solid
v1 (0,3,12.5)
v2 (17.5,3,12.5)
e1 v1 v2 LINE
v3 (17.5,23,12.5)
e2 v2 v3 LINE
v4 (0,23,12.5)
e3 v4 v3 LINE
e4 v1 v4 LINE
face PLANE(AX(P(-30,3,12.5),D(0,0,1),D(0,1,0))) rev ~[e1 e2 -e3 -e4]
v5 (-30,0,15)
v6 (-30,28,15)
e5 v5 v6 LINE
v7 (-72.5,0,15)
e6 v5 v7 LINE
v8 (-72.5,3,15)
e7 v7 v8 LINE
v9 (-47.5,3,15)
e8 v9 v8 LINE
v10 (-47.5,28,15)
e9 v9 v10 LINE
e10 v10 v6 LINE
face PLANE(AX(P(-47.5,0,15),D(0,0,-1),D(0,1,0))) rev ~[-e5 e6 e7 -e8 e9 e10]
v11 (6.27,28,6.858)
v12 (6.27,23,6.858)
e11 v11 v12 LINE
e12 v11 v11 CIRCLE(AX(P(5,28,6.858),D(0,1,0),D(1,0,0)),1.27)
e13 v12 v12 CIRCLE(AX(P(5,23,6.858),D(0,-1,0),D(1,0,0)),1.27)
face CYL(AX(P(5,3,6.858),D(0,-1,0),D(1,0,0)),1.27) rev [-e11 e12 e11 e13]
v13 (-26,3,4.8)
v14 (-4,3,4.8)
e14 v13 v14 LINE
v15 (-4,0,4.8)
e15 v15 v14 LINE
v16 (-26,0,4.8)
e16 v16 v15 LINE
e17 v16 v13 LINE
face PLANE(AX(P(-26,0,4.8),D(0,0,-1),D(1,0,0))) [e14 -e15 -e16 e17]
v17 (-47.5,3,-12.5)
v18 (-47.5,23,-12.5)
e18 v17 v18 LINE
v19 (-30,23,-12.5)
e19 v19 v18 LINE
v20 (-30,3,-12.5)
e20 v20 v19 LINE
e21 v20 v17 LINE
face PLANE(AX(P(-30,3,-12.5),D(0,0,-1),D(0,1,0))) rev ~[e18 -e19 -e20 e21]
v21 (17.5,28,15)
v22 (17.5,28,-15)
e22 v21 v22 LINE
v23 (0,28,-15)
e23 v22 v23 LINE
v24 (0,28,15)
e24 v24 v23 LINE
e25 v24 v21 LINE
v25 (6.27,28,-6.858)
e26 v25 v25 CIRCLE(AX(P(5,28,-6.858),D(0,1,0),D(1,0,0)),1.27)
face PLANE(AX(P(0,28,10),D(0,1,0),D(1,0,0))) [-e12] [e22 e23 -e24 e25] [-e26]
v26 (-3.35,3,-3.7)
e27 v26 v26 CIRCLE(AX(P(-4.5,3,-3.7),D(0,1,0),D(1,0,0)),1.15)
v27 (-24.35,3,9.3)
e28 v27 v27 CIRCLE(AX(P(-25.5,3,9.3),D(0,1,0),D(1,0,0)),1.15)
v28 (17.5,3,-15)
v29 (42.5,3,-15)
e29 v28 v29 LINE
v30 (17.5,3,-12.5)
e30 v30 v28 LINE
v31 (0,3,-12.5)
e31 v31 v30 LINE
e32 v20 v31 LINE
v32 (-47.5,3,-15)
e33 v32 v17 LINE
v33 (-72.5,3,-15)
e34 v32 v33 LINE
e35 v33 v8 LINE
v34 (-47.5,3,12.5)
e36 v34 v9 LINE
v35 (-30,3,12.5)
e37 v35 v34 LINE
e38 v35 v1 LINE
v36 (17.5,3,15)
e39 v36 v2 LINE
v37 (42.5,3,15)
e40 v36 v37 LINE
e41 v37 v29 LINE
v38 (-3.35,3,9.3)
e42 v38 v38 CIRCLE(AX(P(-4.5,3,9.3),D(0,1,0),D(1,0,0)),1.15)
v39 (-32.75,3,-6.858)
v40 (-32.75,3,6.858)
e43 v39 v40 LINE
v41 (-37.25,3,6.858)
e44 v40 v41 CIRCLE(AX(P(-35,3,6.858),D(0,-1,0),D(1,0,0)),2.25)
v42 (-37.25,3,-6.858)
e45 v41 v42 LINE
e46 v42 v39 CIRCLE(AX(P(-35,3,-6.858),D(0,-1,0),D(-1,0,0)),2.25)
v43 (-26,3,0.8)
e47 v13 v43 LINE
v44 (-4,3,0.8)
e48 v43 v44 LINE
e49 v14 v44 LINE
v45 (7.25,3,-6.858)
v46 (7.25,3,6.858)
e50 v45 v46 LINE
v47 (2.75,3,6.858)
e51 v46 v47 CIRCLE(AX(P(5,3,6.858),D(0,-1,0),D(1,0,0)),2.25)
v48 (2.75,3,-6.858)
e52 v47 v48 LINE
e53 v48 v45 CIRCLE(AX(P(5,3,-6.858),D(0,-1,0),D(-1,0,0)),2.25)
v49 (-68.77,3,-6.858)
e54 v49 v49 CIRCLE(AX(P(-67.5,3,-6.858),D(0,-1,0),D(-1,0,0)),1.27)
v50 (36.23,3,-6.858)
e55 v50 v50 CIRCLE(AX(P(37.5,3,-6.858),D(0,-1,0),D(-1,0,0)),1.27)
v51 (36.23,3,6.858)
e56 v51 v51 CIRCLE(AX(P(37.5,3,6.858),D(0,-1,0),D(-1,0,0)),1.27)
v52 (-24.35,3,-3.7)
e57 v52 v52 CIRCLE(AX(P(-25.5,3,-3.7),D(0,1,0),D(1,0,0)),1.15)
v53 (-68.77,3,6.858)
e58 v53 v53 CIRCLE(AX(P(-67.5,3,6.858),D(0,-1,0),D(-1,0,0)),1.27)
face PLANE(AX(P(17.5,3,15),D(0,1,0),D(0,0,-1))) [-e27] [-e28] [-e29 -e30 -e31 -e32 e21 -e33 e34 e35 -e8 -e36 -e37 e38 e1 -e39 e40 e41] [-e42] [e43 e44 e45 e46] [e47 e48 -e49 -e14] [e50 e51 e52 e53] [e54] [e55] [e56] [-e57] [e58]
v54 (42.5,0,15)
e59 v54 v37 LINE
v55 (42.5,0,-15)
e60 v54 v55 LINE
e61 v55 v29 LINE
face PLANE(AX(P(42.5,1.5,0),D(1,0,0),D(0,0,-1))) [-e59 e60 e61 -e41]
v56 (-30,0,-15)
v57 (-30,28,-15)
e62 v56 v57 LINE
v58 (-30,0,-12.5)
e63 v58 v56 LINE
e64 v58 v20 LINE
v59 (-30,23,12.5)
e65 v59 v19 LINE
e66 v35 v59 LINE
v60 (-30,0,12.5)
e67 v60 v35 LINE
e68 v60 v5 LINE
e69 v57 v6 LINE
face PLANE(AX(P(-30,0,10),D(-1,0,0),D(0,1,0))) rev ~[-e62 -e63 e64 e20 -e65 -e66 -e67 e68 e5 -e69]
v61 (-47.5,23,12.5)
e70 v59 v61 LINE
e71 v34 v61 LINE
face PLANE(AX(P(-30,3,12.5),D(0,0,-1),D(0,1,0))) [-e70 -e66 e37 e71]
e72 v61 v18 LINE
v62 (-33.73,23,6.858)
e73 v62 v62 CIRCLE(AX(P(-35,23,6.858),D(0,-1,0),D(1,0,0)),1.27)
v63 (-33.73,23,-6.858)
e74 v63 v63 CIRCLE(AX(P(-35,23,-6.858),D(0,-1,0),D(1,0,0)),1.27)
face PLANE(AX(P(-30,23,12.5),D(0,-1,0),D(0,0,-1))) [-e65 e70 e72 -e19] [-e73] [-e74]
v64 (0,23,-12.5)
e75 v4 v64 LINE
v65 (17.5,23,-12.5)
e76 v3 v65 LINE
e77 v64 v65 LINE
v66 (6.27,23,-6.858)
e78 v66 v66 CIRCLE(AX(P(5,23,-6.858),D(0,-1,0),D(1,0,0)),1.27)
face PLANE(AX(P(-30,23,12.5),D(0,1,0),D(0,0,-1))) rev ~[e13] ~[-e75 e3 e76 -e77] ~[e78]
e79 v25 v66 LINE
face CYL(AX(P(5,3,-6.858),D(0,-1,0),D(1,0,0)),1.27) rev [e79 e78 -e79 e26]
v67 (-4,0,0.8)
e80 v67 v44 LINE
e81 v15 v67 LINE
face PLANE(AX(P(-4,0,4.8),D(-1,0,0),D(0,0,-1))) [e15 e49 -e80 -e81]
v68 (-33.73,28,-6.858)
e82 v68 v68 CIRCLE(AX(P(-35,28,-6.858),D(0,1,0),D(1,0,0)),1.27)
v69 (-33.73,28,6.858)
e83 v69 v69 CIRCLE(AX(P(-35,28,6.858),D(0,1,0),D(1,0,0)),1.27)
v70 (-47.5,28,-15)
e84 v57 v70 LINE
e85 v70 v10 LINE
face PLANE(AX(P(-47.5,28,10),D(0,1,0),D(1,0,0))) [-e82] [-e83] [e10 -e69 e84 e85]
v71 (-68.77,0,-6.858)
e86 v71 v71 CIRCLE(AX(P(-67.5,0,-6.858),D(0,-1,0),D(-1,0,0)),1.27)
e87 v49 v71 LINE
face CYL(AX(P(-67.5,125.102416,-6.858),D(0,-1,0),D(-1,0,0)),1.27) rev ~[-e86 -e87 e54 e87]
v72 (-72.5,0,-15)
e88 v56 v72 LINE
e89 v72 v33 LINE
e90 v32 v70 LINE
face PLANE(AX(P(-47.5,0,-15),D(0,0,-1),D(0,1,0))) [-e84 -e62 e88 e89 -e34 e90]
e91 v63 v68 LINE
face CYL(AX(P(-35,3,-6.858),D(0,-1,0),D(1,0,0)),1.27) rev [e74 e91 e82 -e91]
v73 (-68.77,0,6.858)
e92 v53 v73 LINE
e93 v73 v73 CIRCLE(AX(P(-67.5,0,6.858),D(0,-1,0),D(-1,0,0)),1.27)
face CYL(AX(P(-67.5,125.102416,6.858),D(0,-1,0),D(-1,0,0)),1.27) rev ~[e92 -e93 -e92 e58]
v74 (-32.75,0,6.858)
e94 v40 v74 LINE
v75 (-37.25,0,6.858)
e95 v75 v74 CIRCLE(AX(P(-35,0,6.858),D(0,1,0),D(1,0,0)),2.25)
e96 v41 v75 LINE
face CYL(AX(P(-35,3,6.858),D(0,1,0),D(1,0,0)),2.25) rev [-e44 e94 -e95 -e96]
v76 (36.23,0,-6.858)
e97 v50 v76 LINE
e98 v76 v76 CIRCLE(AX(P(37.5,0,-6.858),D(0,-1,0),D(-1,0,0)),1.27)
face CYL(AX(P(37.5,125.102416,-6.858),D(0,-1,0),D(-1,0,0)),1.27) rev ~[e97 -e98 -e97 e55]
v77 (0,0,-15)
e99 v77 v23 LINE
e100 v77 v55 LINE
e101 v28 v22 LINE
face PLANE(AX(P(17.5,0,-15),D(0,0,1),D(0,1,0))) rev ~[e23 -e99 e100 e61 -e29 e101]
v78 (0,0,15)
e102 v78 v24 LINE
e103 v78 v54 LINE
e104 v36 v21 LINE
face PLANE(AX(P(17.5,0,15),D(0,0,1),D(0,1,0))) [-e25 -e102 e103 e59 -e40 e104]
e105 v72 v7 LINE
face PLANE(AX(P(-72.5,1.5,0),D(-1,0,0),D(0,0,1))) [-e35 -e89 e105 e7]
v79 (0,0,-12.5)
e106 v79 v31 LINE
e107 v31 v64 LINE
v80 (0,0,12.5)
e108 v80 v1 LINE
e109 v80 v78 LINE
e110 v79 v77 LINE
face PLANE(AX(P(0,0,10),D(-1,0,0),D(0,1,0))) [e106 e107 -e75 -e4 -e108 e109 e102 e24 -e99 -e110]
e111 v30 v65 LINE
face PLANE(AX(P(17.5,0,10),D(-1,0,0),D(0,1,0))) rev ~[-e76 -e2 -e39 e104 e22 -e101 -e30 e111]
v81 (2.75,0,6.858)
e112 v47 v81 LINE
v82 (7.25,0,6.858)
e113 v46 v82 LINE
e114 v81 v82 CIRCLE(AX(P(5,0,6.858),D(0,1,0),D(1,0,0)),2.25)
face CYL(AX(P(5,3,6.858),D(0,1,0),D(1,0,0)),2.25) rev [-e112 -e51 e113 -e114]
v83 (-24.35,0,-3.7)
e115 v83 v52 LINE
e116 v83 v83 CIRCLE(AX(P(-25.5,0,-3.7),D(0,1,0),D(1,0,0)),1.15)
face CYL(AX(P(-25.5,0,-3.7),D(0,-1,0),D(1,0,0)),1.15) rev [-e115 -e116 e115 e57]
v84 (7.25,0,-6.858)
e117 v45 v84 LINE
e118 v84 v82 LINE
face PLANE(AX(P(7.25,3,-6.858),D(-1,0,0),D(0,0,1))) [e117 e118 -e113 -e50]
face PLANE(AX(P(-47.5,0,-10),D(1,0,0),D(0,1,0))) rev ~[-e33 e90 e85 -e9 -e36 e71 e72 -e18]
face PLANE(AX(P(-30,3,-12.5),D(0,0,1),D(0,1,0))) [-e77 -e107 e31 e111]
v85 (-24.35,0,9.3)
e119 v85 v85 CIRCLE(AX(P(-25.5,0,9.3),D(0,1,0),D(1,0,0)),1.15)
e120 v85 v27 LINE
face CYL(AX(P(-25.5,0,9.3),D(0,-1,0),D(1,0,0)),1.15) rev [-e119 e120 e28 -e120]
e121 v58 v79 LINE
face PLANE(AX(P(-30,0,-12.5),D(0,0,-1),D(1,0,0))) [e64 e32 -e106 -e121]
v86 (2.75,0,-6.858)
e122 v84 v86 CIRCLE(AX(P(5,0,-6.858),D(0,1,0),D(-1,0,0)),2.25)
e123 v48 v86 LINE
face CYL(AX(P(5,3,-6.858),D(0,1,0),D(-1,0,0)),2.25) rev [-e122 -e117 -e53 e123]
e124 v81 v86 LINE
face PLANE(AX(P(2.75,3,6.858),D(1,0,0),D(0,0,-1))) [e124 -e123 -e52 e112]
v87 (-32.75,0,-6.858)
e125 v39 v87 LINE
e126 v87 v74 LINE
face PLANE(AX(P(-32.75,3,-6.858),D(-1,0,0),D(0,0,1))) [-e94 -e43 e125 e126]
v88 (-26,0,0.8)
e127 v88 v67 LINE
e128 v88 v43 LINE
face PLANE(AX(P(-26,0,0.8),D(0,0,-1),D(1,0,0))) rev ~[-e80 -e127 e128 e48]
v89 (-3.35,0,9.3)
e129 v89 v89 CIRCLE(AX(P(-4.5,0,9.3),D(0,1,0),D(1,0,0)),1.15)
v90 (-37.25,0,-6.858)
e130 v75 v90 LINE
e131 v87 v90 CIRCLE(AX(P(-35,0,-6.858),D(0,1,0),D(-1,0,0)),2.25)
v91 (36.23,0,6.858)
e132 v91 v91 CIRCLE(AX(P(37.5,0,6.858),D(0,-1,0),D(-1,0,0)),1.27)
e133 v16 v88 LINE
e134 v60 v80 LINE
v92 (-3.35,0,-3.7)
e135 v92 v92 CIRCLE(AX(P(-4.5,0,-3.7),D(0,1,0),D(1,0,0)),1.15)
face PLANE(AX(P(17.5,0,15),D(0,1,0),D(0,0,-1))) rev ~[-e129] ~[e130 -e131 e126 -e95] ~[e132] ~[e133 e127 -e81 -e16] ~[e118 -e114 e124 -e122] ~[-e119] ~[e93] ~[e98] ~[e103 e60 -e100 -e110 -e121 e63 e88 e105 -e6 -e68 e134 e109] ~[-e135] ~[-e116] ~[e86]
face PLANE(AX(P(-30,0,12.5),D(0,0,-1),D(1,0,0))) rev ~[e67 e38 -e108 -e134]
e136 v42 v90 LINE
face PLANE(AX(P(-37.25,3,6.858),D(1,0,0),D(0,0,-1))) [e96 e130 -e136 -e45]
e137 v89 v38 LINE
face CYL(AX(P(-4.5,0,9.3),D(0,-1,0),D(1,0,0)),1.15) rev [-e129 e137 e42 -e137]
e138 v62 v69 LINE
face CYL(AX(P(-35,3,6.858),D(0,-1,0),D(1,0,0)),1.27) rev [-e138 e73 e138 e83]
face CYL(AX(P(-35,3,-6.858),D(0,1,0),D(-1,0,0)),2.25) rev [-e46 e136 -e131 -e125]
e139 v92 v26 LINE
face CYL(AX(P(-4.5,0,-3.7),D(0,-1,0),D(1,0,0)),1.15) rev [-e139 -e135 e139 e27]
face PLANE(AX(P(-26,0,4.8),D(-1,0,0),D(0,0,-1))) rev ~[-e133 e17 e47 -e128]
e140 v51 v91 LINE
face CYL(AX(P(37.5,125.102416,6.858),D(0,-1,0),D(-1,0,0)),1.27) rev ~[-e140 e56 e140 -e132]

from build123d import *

# Parameters (mm, degrees)
SKETCH1_W                         = 30
SKETCH1_H                         = 25
SKETCH1_R                         = 1.15
SKETCH1_W_2                       = 22
SKETCH1_H_2                       = 4
BOSS_EXTRUDE1_DEPTH               = 3
SKETCH2_W                         = 7.5
SKETCH2_H                         = 20
SKETCH2_R                         = 1.27
BOSS_EXTRUDE2_DEPTH               = 3
SKETCH6_W                         = 20
SKETCH6_H                         = 3
BOSS_EXTRUDE3_DEPTH               = 10
SKETCH7_W                         = 20
SKETCH7_H                         = 3
BOSS_EXTRUDE4_DEPTH               = 10
SKETCH8_W                         = 17.5
SKETCH8_H                         = 20
SKETCH8_R                         = 1.27
BOSS_EXTRUDE5_DEPTH               = 25
SKETCH13_W                        = 17.5
SKETCH13_H                        = 28
BOSS_EXTRUDE6_DEPTH               = 5
SKETCH14_W                        = 17.5
SKETCH14_H                        = 28
BOSS_EXTRUDE7_DEPTH               = 5
SKETCH15_W                        = 25
SKETCH15_H                        = 20
CUT_EXTRUDE2_DEPTH                = 48.5
CUT_EXTRUDE2_DEPTH_BACK           = 18.5
SKETCH16_W                        = 30
SKETCH16_H                        = 3
BOSS_EXTRUDE8_DEPTH               = 25
SKETCH19_W                        = 30
SKETCH19_H                        = 3
BOSS_EXTRUDE9_DEPTH               = 25
F_1_16_0_0625_PRESS_DOWEL_HOLE1_D = 2.54
CUT_EXTRUDE3_DEPTH                = 4


with BuildPart() as part:
    # Sketch1 → Boss-Extrude1 (new body)
    with BuildSketch(Plane(origin=(0, 0, 0), x_dir=(1, 0, 0), z_dir=(0, 1, 0))):
        with Locations((-15, 0)):
            Rectangle(SKETCH1_W, SKETCH1_H)
        with Locations((-4.5, 3.7)):
            Circle(SKETCH1_R, mode=Mode.SUBTRACT)
        with Locations((-4.5, -9.3)):
            Circle(SKETCH1_R, mode=Mode.SUBTRACT)
        with Locations((-25.5, 3.7)):
            Circle(SKETCH1_R, mode=Mode.SUBTRACT)
        with Locations((-25.5, -9.3)):
            Circle(SKETCH1_R, mode=Mode.SUBTRACT)
        with Locations((-15, -2.8)):
            Rectangle(SKETCH1_W_2, SKETCH1_H_2, mode=Mode.SUBTRACT)
    extrude(amount=BOSS_EXTRUDE1_DEPTH)

    # Sketch2 → Boss-Extrude2 (add)
    with BuildSketch(Plane(origin=(0, 3, 0), x_dir=(1, 0, 0), z_dir=(0, 1, 0))):
        with Locations((3.75, 0)):
            Rectangle(SKETCH2_W, SKETCH2_H)
        with Locations((5, 6.858)):
            Circle(SKETCH2_R, mode=Mode.SUBTRACT)
        with Locations((5, -6.858)):
            Circle(SKETCH2_R, mode=Mode.SUBTRACT)
        with Locations((-33.75, 0)):
            Rectangle(SKETCH2_W, SKETCH2_H)
        with Locations((-35, 6.858)):
            Circle(SKETCH2_R, mode=Mode.SUBTRACT)
        with Locations((-35, -6.858)):
            Circle(SKETCH2_R, mode=Mode.SUBTRACT)
    extrude(amount=-BOSS_EXTRUDE2_DEPTH)

    # Sketch6 → Boss-Extrude3 (add)
    with BuildSketch(Plane.ZY.offset(37.5)):
        with Locations((0, 1.5)):
            Rectangle(SKETCH6_W, SKETCH6_H)
    extrude(amount=BOSS_EXTRUDE3_DEPTH)

    # Sketch7 → Boss-Extrude4 (add)
    with BuildSketch(Plane(origin=(7.5, 0, 0), x_dir=(0, 0, -1), z_dir=(1, 0, 0))):
        with Locations((0, 1.5)):
            Rectangle(SKETCH7_W, SKETCH7_H)
    extrude(amount=BOSS_EXTRUDE4_DEPTH)

    # Sketch8 → Boss-Extrude5 (add)
    with BuildSketch(Plane(origin=(0, 3, 0), x_dir=(1, 0, 0), z_dir=(0, 1, 0))):
        with Locations((8.75, 0)):
            Rectangle(SKETCH8_W, SKETCH8_H)
        with Locations((5, 6.858)):
            Circle(SKETCH8_R, mode=Mode.SUBTRACT)
        with Locations((5, -6.858)):
            Circle(SKETCH8_R, mode=Mode.SUBTRACT)
        with Locations((-38.75, 0)):
            Rectangle(SKETCH8_W, SKETCH8_H)
        with Locations((-35, -6.858)):
            Circle(SKETCH8_R, mode=Mode.SUBTRACT)
        with Locations((-35, 6.858)):
            Circle(SKETCH8_R, mode=Mode.SUBTRACT)
    extrude(amount=BOSS_EXTRUDE5_DEPTH)

    # Sketch13 → Boss-Extrude6 (add)
    with BuildSketch(Plane(origin=(0, 0, -10), x_dir=(-1, 0, 0), z_dir=(0, 0, -1))):
        with Locations((38.75, 14)):
            Rectangle(SKETCH13_W, SKETCH13_H)
        with Locations((-8.75, 14)):
            Rectangle(SKETCH13_W, SKETCH13_H)
    extrude(amount=BOSS_EXTRUDE6_DEPTH)

    # Sketch14 → Boss-Extrude7 (add)
    with BuildSketch(Plane.XY.offset(10)):
        with Locations((8.75, 14)):
            Rectangle(SKETCH14_W, SKETCH14_H)
        with Locations((-38.75, 14)):
            Rectangle(SKETCH14_W, SKETCH14_H)
    extrude(amount=BOSS_EXTRUDE7_DEPTH)

    # Sketch15 → Cut-Extrude2 (cut, two sides)
    with BuildSketch(Plane(origin=(-30, 0, 0), x_dir=(0, 0, -1), z_dir=(1, 0, 0))) as cut_extrude2_sk:
        with Locations((0, 13)):
            Rectangle(SKETCH15_W, SKETCH15_H)
    extrude(amount=CUT_EXTRUDE2_DEPTH, mode=Mode.SUBTRACT)
    extrude(cut_extrude2_sk.sketch, amount=-CUT_EXTRUDE2_DEPTH_BACK, mode=Mode.SUBTRACT)

    # Sketch16 → Boss-Extrude8 (add)
    with BuildSketch(Plane.ZY.offset(47.5)):
        with Locations((0, 1.5)):
            Rectangle(SKETCH16_W, SKETCH16_H)
    extrude(amount=BOSS_EXTRUDE8_DEPTH)

    # Sketch19 → Boss-Extrude9 (add)
    with BuildSketch(Plane(origin=(17.5, 0, 0), x_dir=(0, 0, -1), z_dir=(1, 0, 0))):
        with Locations((0, 1.5)):
            Rectangle(SKETCH19_W, SKETCH19_H)
    extrude(amount=BOSS_EXTRUDE9_DEPTH)

    # 1/16 (0.0625) Press Dowel Hole1 (through all)
    with Locations(Plane(origin=(0, 3, 0), x_dir=(1, 0, 0), z_dir=(0, 1, 0))):
        with Locations((-67.5, 6.858), (-67.5, -6.858), (37.5, -6.858), (37.5, 6.858)):
            Hole(F_1_16_0_0625_PRESS_DOWEL_HOLE1_D / 2)

    # Sketch21 → Cut-Extrude3 (cut, through all)
    with BuildSketch(Plane(origin=(0, 3, 0), x_dir=(1, 0, 0), z_dir=(0, 1, 0))):
        with BuildLine():
            Line((2.75, -6.858), (2.75, 6.858))
            ThreePointArc((2.75, 6.858), (5, 9.108), (7.25, 6.858))
            Line((7.25, 6.858), (7.25, -6.858))
            ThreePointArc((7.25, -6.858), (5, -9.108), (2.75, -6.858))
        make_face()
        with BuildLine():
            Line((-32.75, 6.858), (-32.75, -6.858))
            ThreePointArc((-32.75, -6.858), (-35, -9.108), (-37.25, -6.858))
            Line((-37.25, -6.858), (-37.25, 6.858))
            ThreePointArc((-37.25, 6.858), (-35, 9.108), (-32.75, 6.858))
        make_face()
    extrude(amount=-CUT_EXTRUDE3_DEPTH, mode=Mode.SUBTRACT)


solid = part.part
